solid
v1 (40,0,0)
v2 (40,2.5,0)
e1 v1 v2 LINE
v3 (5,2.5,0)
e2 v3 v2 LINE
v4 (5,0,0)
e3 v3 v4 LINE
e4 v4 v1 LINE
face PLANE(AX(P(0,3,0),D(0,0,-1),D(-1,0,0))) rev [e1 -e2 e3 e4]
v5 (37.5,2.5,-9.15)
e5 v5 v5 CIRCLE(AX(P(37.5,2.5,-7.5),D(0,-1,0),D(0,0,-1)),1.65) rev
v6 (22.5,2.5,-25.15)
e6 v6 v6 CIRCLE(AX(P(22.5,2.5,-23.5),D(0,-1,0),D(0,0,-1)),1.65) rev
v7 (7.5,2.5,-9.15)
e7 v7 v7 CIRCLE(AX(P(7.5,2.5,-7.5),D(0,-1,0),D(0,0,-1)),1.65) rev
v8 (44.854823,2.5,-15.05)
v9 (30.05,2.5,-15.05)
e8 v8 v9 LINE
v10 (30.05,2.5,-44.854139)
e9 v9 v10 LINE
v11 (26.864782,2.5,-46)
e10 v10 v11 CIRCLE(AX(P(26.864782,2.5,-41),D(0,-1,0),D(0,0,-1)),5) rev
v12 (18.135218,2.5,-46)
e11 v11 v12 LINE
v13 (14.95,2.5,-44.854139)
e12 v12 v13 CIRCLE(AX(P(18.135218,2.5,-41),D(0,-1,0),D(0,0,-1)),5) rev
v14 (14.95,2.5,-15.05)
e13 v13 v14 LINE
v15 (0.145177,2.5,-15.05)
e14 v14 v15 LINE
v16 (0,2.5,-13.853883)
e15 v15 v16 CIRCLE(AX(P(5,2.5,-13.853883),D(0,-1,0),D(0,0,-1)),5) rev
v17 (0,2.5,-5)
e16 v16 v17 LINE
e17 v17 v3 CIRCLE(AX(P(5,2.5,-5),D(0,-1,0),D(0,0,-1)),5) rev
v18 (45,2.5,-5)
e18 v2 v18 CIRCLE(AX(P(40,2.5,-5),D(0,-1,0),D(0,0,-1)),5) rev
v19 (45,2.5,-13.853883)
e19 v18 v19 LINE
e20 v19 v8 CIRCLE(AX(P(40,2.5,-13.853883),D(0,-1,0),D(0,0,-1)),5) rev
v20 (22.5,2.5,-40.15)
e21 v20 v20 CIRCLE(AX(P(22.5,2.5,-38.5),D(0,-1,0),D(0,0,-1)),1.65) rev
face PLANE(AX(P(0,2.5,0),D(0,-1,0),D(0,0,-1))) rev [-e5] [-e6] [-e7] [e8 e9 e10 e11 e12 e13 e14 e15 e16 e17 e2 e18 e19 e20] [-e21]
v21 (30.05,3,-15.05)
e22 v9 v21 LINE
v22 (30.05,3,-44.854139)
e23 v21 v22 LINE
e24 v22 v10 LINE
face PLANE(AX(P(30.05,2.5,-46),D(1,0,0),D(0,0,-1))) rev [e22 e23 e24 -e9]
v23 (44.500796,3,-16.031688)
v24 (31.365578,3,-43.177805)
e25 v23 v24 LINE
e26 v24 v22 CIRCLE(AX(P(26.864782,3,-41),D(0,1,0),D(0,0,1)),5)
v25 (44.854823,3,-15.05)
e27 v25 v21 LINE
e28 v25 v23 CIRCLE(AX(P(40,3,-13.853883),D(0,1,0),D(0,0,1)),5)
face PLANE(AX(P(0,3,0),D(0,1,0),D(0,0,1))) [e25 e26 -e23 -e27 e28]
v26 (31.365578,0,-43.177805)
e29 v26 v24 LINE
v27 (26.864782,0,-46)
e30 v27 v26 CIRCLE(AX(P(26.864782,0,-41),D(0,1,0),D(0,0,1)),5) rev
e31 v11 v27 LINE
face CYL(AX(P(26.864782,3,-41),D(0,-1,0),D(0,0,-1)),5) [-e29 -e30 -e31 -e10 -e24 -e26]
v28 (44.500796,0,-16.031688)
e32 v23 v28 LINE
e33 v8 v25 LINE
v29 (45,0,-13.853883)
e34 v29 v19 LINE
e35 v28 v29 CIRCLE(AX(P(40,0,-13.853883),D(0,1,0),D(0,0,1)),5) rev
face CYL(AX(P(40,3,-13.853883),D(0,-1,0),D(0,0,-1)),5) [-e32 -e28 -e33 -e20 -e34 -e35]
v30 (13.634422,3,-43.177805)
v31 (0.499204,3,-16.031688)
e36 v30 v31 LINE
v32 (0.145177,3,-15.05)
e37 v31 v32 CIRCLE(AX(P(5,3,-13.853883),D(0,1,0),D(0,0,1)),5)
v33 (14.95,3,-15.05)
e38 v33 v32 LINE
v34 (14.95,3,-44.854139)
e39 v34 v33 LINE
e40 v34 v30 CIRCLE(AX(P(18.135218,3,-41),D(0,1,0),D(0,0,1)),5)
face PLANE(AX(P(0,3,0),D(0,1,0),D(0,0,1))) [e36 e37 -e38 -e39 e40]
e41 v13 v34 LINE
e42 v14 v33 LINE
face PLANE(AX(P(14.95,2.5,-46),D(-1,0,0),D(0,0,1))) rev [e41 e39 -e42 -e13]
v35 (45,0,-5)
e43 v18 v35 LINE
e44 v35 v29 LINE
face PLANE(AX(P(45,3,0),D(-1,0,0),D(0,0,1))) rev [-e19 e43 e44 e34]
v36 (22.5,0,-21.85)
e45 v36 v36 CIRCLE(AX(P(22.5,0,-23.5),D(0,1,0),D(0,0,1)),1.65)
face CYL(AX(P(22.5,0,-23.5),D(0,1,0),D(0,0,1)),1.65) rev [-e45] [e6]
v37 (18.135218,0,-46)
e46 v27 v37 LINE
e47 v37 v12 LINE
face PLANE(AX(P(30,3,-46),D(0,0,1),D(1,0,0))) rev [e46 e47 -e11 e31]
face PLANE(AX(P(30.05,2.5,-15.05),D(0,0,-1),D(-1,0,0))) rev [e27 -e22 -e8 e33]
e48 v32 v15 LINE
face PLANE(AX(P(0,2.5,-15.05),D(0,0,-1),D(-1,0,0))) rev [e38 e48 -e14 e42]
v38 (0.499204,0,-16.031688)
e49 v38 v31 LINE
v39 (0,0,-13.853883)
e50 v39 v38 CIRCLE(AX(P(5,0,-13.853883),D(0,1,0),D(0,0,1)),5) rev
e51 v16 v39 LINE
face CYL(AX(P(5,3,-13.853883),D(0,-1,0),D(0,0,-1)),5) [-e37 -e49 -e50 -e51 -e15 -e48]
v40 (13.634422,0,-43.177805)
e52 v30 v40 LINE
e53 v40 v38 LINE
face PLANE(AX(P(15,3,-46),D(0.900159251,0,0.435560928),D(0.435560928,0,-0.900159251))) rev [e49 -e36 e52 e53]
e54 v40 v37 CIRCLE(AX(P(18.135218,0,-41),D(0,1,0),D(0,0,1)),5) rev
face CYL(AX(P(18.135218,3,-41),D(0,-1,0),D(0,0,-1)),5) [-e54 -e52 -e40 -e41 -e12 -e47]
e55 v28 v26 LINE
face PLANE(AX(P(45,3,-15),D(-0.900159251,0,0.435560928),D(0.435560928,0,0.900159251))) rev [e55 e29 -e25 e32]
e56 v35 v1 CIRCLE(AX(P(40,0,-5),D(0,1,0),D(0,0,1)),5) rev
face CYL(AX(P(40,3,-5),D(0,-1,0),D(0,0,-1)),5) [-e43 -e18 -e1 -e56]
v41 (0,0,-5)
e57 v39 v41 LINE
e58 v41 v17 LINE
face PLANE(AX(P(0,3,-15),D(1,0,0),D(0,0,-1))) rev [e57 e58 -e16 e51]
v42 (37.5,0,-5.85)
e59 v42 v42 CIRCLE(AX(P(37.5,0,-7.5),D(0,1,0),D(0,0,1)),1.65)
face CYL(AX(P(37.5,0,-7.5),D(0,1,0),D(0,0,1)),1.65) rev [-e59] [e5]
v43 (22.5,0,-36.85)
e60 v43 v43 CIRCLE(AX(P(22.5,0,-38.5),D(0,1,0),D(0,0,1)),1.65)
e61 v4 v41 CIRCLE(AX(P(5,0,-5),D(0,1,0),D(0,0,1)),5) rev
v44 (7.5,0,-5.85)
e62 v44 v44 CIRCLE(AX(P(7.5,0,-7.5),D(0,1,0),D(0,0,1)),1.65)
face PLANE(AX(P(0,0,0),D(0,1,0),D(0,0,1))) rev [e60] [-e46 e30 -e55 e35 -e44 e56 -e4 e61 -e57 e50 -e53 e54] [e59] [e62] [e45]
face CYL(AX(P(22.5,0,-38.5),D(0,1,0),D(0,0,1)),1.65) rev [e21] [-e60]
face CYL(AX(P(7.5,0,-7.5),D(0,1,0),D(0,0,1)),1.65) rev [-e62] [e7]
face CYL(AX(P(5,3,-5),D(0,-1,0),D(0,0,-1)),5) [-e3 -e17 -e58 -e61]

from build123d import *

# Parameters (mm, degrees)
EXTRUDE_1_DEPTH     = 3
SKETCH_2_R          = 1.65
CUT_EXTRUDE_1_DEPTH = 3
FILLET_1_R          = 5
CUT_EXTRUDE_2_DEPTH = 0.5


with BuildPart() as part:
    # ｽｹｯﾁ1 → ﾎﾞｽ - 押し出し1 (new body)
    with BuildSketch(Plane(origin=(0, 0, 0), x_dir=(1, 0, 0), z_dir=(0, 1, 0))):
        Polygon((0, 0), (45, 0), (45, 15), (30, 46), (15, 46), (0, 15), align=None)
    extrude(amount=EXTRUDE_1_DEPTH)

    # ｽｹｯﾁ2 → ｶｯﾄ - 押し出し1 (cut)
    with BuildSketch(Plane(origin=(0, 3, 0), x_dir=(1, 0, 0), z_dir=(0, 1, 0))):
        with Locations((7.5, 7.5)):
            Circle(SKETCH_2_R)
        with Locations((22.5, 38.5)):
            Circle(SKETCH_2_R)
        with Locations((22.5, 23.5)):
            Circle(SKETCH_2_R)
        with Locations((37.5, 7.5)):
            Circle(SKETCH_2_R)
    extrude(amount=-CUT_EXTRUDE_1_DEPTH, mode=Mode.SUBTRACT)

    # ﾌｨﾚｯﾄ1
    fillet_1_edges = [part.edges().sort_by_distance(p)[0] for p in [
        (0, 1.5, -15),
        (15, 1.5, -46),
        (30, 1.5, -46),
        (45, 1.5, -15),
        (45, 1.5, 0),
        (0, 1.5, 0),
    ]]
    fillet(fillet_1_edges, radius=FILLET_1_R)

    # ｽｹｯﾁ3 → ｶｯﾄ - 押し出し2 (cut)
    with BuildSketch(Plane(origin=(0, 3, 0), x_dir=(1, 0, 0), z_dir=(0, 1, 0))):
        Polygon((0, 0), (45, 0), (45, 15.05), (30.05, 15.05), (30.05, 46), (14.95, 46), (14.95, 15.05), (0, 15.05), align=None)
    extrude(amount=-CUT_EXTRUDE_2_DEPTH, mode=Mode.SUBTRACT)


solid = part.part
